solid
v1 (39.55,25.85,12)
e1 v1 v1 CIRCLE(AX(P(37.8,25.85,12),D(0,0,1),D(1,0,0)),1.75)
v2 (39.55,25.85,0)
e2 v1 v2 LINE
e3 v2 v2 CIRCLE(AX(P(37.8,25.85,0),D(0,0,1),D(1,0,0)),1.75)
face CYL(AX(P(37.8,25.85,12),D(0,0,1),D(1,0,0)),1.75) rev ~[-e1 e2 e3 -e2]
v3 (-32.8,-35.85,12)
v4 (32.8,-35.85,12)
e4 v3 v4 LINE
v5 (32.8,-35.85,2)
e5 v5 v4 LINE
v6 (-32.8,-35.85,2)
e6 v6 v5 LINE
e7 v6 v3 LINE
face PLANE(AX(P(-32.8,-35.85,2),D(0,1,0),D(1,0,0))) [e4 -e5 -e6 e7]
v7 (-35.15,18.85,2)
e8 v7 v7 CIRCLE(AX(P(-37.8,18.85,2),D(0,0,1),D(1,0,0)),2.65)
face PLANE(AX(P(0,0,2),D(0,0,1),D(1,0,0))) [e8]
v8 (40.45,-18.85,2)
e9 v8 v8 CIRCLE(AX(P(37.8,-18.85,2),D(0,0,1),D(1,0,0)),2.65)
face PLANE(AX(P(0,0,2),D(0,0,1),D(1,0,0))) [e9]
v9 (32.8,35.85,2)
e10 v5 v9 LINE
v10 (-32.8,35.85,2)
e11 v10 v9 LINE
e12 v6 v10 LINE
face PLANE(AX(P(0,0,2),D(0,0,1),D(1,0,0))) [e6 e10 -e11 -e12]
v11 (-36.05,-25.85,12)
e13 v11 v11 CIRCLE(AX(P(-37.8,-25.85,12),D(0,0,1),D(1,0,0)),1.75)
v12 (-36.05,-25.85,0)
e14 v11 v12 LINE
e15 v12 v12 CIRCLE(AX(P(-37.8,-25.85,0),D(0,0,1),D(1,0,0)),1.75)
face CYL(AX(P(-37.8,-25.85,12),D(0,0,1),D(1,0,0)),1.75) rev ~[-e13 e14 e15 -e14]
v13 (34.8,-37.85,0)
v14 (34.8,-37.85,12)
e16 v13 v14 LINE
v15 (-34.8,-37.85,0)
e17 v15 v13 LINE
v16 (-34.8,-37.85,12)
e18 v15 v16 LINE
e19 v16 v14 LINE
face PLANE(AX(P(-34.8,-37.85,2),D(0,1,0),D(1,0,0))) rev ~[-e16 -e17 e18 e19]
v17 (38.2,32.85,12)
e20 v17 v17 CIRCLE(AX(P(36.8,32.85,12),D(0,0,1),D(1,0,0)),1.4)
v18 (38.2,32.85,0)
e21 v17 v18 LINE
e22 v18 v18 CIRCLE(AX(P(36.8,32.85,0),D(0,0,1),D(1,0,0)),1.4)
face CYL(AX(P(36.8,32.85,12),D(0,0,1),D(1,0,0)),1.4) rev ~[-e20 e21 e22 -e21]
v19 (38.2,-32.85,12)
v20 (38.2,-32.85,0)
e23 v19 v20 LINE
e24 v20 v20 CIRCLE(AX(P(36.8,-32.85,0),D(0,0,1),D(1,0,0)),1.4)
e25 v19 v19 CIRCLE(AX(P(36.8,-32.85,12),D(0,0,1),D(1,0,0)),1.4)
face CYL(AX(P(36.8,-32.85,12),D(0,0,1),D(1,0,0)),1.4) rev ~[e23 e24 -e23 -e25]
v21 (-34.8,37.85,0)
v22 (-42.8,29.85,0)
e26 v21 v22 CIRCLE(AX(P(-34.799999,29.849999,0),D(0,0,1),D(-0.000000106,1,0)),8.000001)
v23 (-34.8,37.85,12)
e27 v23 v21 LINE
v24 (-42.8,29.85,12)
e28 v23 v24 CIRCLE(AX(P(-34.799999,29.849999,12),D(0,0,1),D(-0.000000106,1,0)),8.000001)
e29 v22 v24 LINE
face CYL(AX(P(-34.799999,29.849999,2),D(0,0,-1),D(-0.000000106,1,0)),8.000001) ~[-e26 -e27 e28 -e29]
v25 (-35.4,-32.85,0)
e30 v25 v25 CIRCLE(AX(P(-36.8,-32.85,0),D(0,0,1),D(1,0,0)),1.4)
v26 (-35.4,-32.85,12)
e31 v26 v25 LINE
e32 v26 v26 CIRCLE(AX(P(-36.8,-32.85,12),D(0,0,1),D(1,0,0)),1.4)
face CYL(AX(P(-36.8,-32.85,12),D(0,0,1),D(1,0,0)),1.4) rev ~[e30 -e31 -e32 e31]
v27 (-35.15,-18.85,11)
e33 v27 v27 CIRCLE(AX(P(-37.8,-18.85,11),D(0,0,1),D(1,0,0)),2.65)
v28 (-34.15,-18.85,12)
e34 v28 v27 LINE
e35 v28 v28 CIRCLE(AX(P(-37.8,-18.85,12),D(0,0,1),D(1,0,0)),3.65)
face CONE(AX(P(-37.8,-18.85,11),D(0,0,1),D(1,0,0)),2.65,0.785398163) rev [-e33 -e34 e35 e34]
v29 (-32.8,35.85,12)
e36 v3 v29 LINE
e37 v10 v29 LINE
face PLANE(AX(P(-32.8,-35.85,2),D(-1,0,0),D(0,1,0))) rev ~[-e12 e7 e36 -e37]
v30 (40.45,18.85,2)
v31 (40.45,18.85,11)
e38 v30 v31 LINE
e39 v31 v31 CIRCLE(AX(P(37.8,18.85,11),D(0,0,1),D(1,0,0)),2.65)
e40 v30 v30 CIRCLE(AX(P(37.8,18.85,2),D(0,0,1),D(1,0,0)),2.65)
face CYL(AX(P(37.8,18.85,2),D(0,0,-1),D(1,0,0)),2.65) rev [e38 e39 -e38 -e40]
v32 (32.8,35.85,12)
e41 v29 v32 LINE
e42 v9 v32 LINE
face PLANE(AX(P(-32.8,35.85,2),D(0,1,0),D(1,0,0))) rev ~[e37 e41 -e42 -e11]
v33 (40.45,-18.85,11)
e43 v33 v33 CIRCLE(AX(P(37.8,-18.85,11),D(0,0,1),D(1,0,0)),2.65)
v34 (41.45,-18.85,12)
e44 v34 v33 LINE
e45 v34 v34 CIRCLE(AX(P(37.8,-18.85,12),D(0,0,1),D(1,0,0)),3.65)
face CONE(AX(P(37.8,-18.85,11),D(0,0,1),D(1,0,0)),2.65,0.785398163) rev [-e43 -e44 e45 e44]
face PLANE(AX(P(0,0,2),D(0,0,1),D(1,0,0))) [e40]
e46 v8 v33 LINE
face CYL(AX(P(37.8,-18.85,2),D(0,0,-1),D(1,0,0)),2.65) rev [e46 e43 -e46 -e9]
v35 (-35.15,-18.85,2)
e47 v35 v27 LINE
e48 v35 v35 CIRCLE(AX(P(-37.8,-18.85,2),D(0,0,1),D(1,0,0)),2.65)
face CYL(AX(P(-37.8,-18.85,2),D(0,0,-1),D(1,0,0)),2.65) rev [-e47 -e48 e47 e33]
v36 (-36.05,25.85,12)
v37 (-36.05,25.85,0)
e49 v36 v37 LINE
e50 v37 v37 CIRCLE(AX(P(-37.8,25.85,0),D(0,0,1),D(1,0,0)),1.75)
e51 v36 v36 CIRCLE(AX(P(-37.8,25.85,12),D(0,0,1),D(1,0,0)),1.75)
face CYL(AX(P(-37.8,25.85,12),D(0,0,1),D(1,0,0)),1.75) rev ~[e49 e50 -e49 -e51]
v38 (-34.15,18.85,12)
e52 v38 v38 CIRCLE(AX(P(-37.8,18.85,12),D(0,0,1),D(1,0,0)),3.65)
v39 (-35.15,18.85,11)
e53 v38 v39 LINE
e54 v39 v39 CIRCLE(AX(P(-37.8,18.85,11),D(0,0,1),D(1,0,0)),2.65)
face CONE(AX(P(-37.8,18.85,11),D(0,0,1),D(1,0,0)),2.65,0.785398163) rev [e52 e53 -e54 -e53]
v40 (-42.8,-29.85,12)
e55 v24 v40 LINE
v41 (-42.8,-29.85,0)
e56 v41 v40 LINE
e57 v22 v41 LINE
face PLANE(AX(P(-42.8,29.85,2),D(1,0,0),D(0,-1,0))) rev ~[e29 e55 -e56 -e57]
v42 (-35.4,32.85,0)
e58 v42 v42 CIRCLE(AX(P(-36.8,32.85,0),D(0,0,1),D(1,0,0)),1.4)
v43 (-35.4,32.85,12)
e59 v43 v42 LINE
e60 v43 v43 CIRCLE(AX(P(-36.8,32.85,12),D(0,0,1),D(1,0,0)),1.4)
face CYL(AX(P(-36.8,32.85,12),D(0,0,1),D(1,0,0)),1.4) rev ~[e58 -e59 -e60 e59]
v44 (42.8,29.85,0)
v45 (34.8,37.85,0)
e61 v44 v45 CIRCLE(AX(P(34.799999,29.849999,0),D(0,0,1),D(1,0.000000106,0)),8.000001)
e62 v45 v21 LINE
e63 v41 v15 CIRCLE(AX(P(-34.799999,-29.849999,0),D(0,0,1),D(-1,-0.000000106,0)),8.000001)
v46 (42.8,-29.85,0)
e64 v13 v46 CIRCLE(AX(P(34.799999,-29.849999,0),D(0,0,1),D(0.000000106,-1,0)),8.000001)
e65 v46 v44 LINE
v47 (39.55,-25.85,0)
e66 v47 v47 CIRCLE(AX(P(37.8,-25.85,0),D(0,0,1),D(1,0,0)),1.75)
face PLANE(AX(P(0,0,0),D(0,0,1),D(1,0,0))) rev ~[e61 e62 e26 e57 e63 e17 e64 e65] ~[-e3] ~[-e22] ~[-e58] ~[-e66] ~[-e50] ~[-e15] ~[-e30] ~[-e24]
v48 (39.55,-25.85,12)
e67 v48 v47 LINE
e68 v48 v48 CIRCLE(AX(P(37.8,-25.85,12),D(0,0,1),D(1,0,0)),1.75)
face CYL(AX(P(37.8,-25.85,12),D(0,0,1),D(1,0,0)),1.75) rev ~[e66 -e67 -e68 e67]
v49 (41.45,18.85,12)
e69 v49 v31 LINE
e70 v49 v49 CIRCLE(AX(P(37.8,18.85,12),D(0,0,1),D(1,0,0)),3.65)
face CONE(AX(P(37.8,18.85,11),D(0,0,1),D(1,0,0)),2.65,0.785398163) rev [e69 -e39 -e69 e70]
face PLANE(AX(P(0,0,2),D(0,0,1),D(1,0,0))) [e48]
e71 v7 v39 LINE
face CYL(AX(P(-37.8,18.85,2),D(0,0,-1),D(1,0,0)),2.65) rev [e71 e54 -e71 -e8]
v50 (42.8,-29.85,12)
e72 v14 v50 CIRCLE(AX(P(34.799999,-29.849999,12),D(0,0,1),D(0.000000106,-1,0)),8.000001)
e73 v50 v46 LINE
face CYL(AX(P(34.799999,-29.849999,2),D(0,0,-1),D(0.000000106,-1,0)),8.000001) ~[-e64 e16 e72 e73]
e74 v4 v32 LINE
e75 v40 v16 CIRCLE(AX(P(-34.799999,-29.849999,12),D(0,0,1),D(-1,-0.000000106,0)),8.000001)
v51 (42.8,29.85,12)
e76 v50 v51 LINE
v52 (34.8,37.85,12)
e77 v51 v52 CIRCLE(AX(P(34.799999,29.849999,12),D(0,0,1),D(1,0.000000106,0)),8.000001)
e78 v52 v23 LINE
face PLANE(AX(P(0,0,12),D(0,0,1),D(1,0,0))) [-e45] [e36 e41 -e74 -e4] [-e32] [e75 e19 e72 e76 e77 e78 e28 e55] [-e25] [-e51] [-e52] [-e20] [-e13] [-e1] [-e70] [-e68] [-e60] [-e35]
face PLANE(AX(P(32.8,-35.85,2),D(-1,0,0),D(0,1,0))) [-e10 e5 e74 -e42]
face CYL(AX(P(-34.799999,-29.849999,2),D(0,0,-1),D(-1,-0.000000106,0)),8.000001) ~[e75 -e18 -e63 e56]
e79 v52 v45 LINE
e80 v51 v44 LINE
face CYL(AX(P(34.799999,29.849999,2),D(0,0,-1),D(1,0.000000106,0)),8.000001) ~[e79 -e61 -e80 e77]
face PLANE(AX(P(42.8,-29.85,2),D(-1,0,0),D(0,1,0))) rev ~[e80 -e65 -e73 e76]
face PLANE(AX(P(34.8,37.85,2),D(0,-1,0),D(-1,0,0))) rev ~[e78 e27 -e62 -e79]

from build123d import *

# Parameters (mm, degrees)
F1_DEPTH = 2
F2_R     = 2.65
F2_W     = 65.6
F2_H     = 71.7
F3_DEPTH = 10
F4_R     = 1.4
F4_R_2   = 1.75
F5_DEPTH = 12
F6_SIZE  = 1


with BuildPart() as f1:
    # F0 (on Top) → F1 (new body)
    with BuildSketch(Plane.XY):
        with BuildLine():
            Line((34.8, 37.85), (-34.8, 37.85))
            ThreePointArc((-34.8, 37.85), (-40.456854, 35.506854), (-42.8, 29.85))
            Line((-42.8, 29.85), (-42.8, -29.85))
            ThreePointArc((-42.8, -29.85), (-40.456854, -35.506854), (-34.8, -37.85))
            Line((-34.8, -37.85), (34.8, -37.85))
            ThreePointArc((34.8, -37.85), (40.456854, -35.506854), (42.8, -29.85))
            Line((42.8, -29.85), (42.8, 29.85))
            ThreePointArc((42.8, 29.85), (40.456854, 35.506854), (34.8, 37.85))
        make_face()
    extrude(amount=F1_DEPTH)

    # F2 (on face) → F3 (join)
    with BuildSketch(Plane.XY.offset(2)):
        with BuildLine():
            ThreePointArc((-34.8, 37.85), (-40.456854, 35.506854), (-42.8, 29.85))
            Line((-42.8, 29.85), (-42.8, -29.85))
            ThreePointArc((-42.8, -29.85), (-40.456854, -35.506854), (-34.8, -37.85))
            Line((-34.8, -37.85), (34.8, -37.85))
            ThreePointArc((34.8, -37.85), (40.456854, -35.506854), (42.8, -29.85))
            Line((42.8, -29.85), (42.8, 29.85))
            ThreePointArc((42.8, 29.85), (40.456854, 35.506854), (34.8, 37.85))
            Line((34.8, 37.85), (-34.8, 37.85))
        make_face()
        with Locations((-37.8, -18.85)):
            Circle(F2_R, mode=Mode.SUBTRACT)
        with Locations((37.8, -18.85)):
            Circle(F2_R, mode=Mode.SUBTRACT)
        with Locations((-37.8, 18.85)):
            Circle(F2_R, mode=Mode.SUBTRACT)
        Rectangle(F2_W, F2_H, mode=Mode.SUBTRACT)
        with Locations((37.8, 18.85)):
            Circle(F2_R, mode=Mode.SUBTRACT)
    extrude(amount=F3_DEPTH)

    # F4 (on face) → F5 (cut, through all)
    with BuildSketch(Plane.XY.offset(12)):
        with Locations((-36.8, -32.85)):
            Circle(F4_R)
        with Locations((36.8, -32.85)):
            Circle(F4_R)
        with Locations((-36.8, 32.85)):
            Circle(F4_R)
        with Locations((36.8, 32.85)):
            Circle(F4_R)
        with Locations((-37.8, -25.85)):
            Circle(F4_R_2)
        with Locations((37.8, -25.85)):
            Circle(F4_R_2)
        with Locations((-37.8, 25.85)):
            Circle(F4_R_2)
        with Locations((37.8, 25.85)):
            Circle(F4_R_2)
    extrude(amount=-F5_DEPTH, mode=Mode.SUBTRACT)

    # F6
    f6_edges = [f1.edges().sort_by_distance(p)[0] for p in [
        (-40.45, 18.85, 12),
        (35.15, 18.85, 12),
        (35.15, -18.85, 12),
        (-40.45, -18.85, 12),
    ]]
    chamfer(f6_edges, length=F6_SIZE)


solid = f1.part
